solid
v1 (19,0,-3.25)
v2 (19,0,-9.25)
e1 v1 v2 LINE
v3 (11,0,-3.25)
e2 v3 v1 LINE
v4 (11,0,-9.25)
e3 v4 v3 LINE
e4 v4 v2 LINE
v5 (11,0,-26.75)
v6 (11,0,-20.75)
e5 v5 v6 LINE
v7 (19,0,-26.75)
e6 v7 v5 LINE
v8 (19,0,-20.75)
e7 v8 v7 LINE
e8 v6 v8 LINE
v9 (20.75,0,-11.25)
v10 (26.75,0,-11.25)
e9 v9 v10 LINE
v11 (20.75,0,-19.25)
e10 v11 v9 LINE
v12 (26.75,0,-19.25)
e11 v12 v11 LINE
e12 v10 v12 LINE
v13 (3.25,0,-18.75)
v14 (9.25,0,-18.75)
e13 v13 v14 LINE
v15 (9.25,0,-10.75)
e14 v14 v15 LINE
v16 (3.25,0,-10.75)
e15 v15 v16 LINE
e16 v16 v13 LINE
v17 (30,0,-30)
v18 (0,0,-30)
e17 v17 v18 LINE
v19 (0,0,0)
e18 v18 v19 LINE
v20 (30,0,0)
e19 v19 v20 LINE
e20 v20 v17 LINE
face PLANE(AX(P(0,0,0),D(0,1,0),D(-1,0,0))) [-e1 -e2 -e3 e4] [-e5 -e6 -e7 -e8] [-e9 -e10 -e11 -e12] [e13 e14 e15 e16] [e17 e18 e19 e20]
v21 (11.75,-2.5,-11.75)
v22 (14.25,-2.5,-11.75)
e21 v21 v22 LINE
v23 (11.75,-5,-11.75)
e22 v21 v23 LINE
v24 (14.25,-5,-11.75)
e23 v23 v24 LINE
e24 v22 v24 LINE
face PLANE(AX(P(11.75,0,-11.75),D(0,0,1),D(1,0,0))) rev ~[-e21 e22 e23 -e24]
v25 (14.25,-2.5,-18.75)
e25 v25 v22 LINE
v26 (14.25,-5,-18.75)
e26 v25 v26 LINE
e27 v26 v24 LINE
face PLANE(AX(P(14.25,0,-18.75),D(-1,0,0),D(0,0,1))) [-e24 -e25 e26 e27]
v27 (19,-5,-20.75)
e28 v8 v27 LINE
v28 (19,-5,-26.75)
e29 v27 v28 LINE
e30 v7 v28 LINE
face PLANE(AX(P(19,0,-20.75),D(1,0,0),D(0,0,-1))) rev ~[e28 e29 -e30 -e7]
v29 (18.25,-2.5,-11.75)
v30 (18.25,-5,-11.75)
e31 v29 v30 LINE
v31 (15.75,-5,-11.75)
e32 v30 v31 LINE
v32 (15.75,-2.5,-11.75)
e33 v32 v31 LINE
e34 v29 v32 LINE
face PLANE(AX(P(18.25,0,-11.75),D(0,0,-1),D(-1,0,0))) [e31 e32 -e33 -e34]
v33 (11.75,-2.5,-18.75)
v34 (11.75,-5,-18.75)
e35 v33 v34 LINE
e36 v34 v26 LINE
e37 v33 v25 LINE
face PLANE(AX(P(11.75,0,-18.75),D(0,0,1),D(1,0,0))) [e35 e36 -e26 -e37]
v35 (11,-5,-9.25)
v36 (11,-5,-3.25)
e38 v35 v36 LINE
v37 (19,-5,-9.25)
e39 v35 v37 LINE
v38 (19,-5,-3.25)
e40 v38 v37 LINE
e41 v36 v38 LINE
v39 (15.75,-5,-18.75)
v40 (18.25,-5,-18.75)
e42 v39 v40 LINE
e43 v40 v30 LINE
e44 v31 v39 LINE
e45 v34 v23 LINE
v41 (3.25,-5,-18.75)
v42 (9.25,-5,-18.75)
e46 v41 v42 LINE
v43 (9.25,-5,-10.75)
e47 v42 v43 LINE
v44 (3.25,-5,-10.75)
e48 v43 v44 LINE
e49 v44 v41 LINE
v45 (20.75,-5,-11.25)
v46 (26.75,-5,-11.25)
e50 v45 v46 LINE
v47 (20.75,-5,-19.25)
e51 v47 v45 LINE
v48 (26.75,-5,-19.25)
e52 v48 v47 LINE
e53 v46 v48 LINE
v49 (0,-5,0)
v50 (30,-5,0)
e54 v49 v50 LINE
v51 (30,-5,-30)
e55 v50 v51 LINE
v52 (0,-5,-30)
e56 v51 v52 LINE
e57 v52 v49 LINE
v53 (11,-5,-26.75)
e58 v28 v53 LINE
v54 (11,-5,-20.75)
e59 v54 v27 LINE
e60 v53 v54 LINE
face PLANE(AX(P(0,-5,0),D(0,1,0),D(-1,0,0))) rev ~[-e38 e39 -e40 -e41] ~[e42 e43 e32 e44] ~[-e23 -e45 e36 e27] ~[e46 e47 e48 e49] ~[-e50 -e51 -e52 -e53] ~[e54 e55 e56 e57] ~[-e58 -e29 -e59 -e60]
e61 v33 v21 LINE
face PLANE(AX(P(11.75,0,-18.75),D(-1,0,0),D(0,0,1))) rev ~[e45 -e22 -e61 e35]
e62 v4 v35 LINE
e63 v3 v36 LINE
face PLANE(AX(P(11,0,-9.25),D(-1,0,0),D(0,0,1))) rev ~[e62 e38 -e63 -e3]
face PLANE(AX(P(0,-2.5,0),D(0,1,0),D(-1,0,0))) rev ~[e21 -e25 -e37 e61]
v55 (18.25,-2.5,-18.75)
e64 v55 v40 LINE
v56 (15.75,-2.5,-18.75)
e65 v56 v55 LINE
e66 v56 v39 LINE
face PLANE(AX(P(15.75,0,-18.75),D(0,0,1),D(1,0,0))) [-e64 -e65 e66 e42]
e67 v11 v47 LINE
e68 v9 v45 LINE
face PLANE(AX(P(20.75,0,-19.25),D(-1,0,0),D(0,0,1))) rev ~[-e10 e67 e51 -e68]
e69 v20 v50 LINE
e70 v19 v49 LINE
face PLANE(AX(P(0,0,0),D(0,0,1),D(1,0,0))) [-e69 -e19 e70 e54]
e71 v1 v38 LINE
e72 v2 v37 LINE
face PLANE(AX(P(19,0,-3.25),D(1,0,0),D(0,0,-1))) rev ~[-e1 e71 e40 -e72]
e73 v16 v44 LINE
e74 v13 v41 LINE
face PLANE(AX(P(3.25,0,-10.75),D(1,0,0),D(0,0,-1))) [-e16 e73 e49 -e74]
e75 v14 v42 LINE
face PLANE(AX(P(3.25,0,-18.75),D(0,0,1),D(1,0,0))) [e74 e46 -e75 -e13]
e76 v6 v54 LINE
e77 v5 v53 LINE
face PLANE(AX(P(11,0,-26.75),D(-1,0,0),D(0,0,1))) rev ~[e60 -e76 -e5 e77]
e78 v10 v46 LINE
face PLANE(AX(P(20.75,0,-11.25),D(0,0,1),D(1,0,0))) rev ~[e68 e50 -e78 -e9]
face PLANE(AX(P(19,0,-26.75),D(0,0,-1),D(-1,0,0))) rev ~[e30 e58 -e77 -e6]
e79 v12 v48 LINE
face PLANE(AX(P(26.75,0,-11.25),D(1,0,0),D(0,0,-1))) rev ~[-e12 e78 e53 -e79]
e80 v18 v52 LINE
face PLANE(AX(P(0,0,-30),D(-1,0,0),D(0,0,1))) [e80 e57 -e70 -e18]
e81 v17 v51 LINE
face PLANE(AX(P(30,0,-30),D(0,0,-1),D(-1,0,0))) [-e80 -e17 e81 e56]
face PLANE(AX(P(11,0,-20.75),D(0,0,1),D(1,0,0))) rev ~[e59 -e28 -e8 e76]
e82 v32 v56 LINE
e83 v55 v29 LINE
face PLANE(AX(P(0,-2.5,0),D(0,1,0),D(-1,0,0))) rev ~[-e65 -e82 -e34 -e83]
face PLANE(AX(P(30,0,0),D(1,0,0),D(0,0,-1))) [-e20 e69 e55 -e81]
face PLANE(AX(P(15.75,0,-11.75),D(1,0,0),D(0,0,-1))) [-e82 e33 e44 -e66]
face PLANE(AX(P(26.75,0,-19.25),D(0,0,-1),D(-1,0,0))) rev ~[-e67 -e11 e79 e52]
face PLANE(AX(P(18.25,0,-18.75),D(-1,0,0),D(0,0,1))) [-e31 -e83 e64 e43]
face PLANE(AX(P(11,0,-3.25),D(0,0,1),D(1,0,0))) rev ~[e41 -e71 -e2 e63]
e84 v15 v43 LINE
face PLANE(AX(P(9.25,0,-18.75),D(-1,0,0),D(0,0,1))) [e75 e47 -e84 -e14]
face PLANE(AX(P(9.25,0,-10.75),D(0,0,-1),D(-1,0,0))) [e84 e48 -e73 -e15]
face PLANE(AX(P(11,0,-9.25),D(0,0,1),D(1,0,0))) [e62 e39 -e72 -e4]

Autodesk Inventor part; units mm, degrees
ref_plane "YZ Plane" through (0, 0, 0) normal (1, 0, 0) x (0, 1, 0)
ref_plane "XZ Plane" through (0, 0, 0) normal (0, 1, 0) x (-1, 0, 0)
ref_plane "XY Plane" through (0, 0, 0) normal (0, 0, 1) x (1, 0, 0)
sketch "Sketch1" plane through (0, 0, 0) normal (0, 1, 0) x (-1, 0, 0)
  point P0 (0, 0)
sketch "Sketch2" plane through (0, 0, 0) normal (0, 1, 0) x (-1, 0, 0)
  line L0 (0, 0) -> (-30, 0)
  line L1 (-30, 0) -> (-30, -30)
  line L2 (-30, -30) -> (0, -30)
  line L3 (0, -30) -> (0, 0)
  line L4 (0, -30) -> (-30, 0) construction
  line L5 (0, 0) -> (-30, -30) construction
  line L6 (-15, -15) -> (0, -15) construction
  line L7 (-15, -15) -> (-30, -15) construction
  line L8 (-15, -15) -> (-15, -30) construction
  line L9 (-15, -15) -> (-15, 0) construction
  line L10 (-15, -15) -> (-9.25, -15) construction
  line L11 (-15, -17.4158) -> (-15, -15) construction
  line L12 (-15, -15) -> (-15, -20.75) construction
  line L13 (-15, -15) -> (-15, -9.25) construction
  line L14 (-15, -15) -> (-9.25, -15) construction
  line L15 (-15, -15) -> (-20.75, -15) construction
  line L16 (-15, -20.75) -> (-9.25, -15) construction
  line L17 (-9.25, -15) -> (-9.25, -20.75) construction
  line L18 (-9.25, -20.75) -> (-15, -20.75) construction
  line L19 (-15, -20.75) -> (-20.75, -20.75) construction
  line L20 (-20.75, -20.75) -> (-20.75, -15) construction
  line L21 (-9.25, -15) -> (-9.25, -9.25) construction
  line L22 (-15, -9.25) -> (-9.25, -9.25) construction
  line L23 (-15, -9.25) -> (-20.75, -9.25) construction
  line L24 (-20.75, -9.25) -> (-20.75, -15) construction
  line L25 (-15, -9.25) -> (-11, -9.25) construction
  line L26 (-15, -9.25) -> (-19, -9.25) construction
  line L27 (-11, -9.25) -> (-19, -9.25)
  line L28 (-11, -9.25) -> (-11, -3.25)
  line L29 (-11, -3.25) -> (-19, -3.25)
  line L30 (-19, -3.25) -> (-19, -9.25)
  line L31 (-11, -20.75) -> (-19, -20.75)
  line L32 (-19, -20.75) -> (-19, -26.75)
  line L33 (-19, -26.75) -> (-11, -26.75)
  line L34 (-11, -26.75) -> (-11, -20.75)
  line L35 (-9.25, -9.25) -> (-9.25, -10.75)
  line L36 (-9.25, -20.75) -> (-9.25, -18.75)
  line L37 (-9.25, -18.75) -> (-9.25, -19.25)
  line L38 (-9.25, -18.75) -> (-9.25, -10.75)
  line L39 (-9.25, -10.75) -> (-3.25, -10.75)
  line L40 (-3.25, -10.75) -> (-3.25, -18.75)
  line L41 (-3.25, -18.75) -> (-9.25, -18.75)
  line L42 (-9.25, -19.25) -> (-20.75, -19.25) construction
  line L43 (-20.75, -19.25) -> (-20.75, -11.25)
  line L44 (-20.75, -11.25) -> (-26.75, -11.25)
  line L45 (-26.75, -11.25) -> (-26.75, -19.25)
  line L46 (-26.75, -19.25) -> (-20.75, -19.25)
  line L47 (-9.25, -18.75) -> (-11.75, -18.75) construction
  line L48 (-11.75, -18.75) -> (-11.75, -10.75) construction
  line L49 (-11.75, -10.75) -> (-9.25, -10.75) construction
  line L50 (-20.75, -19.25) -> (-18.25, -19.25) construction
  line L51 (-18.25, -19.25) -> (-18.25, -11.25) construction
  line L52 (-18.25, -11.25) -> (-20.75, -11.25) construction
  line L53 (-9.25, -10.75) -> (-9.25, -11.75) construction
  line L54 (-9.25, -11.75) -> (-11.75, -11.75) construction
  line L55 (-20.75, -11.25) -> (-20.75, -11.75) construction
  line L56 (-20.75, -11.75) -> (-18.25, -11.75) construction
  line L57 (-11.75, -18.75) -> (-20.75, -18.75) construction
  line L58 (-18.25, -18.75) -> (-18.25, -11.75) construction
  line L59 (-15, -18.75) -> (-14.25, -18.75) construction
  line L60 (-15, -18.75) -> (-15.75, -18.75) construction
  line L61 (-11.75, -18.75) -> (-11.75, -11.75)
  line L62 (-11.75, -18.75) -> (-14.25, -18.75)
  line L63 (-11.75, -11.75) -> (-14.25, -11.75)
  line L64 (-14.25, -18.75) -> (-14.25, -11.75)
  line L65 (-15.75, -18.75) -> (-18.25, -18.75)
  line L66 (-18.25, -18.75) -> (-18.25, -11.75)
  line L67 (-18.25, -11.75) -> (-15.75, -11.75)
  line L68 (-15.75, -11.75) -> (-15.75, -18.75)
  dimension "d0" = 30
  dimension "d1" = 30
  dimension "d3" = 5.75
  dimension "d4" = 5.75
  dimension "d5" = 5.75
  dimension "d6" = 5.75
  dimension "d7" = 4
  dimension "d8" = 4
  dimension "d9" = 6
  dimension "d10" = 6
  dimension "d11" = 8
  dimension "d12" = 1.5
  dimension "d13" = 2
  dimension "d14" = 0.5
  dimension "d15" = 6
  dimension "d16" = 8
  dimension "d17" = 6
  dimension "d18" = 2.5
  dimension "d19" = 2.5
  dimension "d20" = 1
  dimension "d21" = 0.75
  dimension "d22" = 0.75
extrude "Extrusion1" add sketch "Sketch2" against normal blind 5
extrude "Extrusion2" add sketch "Sketch2" against normal blind 2.5 contours L62 L64 L63 L61 | L65 L66 L67 L68
properties part number "switch_test_v1_3DPrint"
